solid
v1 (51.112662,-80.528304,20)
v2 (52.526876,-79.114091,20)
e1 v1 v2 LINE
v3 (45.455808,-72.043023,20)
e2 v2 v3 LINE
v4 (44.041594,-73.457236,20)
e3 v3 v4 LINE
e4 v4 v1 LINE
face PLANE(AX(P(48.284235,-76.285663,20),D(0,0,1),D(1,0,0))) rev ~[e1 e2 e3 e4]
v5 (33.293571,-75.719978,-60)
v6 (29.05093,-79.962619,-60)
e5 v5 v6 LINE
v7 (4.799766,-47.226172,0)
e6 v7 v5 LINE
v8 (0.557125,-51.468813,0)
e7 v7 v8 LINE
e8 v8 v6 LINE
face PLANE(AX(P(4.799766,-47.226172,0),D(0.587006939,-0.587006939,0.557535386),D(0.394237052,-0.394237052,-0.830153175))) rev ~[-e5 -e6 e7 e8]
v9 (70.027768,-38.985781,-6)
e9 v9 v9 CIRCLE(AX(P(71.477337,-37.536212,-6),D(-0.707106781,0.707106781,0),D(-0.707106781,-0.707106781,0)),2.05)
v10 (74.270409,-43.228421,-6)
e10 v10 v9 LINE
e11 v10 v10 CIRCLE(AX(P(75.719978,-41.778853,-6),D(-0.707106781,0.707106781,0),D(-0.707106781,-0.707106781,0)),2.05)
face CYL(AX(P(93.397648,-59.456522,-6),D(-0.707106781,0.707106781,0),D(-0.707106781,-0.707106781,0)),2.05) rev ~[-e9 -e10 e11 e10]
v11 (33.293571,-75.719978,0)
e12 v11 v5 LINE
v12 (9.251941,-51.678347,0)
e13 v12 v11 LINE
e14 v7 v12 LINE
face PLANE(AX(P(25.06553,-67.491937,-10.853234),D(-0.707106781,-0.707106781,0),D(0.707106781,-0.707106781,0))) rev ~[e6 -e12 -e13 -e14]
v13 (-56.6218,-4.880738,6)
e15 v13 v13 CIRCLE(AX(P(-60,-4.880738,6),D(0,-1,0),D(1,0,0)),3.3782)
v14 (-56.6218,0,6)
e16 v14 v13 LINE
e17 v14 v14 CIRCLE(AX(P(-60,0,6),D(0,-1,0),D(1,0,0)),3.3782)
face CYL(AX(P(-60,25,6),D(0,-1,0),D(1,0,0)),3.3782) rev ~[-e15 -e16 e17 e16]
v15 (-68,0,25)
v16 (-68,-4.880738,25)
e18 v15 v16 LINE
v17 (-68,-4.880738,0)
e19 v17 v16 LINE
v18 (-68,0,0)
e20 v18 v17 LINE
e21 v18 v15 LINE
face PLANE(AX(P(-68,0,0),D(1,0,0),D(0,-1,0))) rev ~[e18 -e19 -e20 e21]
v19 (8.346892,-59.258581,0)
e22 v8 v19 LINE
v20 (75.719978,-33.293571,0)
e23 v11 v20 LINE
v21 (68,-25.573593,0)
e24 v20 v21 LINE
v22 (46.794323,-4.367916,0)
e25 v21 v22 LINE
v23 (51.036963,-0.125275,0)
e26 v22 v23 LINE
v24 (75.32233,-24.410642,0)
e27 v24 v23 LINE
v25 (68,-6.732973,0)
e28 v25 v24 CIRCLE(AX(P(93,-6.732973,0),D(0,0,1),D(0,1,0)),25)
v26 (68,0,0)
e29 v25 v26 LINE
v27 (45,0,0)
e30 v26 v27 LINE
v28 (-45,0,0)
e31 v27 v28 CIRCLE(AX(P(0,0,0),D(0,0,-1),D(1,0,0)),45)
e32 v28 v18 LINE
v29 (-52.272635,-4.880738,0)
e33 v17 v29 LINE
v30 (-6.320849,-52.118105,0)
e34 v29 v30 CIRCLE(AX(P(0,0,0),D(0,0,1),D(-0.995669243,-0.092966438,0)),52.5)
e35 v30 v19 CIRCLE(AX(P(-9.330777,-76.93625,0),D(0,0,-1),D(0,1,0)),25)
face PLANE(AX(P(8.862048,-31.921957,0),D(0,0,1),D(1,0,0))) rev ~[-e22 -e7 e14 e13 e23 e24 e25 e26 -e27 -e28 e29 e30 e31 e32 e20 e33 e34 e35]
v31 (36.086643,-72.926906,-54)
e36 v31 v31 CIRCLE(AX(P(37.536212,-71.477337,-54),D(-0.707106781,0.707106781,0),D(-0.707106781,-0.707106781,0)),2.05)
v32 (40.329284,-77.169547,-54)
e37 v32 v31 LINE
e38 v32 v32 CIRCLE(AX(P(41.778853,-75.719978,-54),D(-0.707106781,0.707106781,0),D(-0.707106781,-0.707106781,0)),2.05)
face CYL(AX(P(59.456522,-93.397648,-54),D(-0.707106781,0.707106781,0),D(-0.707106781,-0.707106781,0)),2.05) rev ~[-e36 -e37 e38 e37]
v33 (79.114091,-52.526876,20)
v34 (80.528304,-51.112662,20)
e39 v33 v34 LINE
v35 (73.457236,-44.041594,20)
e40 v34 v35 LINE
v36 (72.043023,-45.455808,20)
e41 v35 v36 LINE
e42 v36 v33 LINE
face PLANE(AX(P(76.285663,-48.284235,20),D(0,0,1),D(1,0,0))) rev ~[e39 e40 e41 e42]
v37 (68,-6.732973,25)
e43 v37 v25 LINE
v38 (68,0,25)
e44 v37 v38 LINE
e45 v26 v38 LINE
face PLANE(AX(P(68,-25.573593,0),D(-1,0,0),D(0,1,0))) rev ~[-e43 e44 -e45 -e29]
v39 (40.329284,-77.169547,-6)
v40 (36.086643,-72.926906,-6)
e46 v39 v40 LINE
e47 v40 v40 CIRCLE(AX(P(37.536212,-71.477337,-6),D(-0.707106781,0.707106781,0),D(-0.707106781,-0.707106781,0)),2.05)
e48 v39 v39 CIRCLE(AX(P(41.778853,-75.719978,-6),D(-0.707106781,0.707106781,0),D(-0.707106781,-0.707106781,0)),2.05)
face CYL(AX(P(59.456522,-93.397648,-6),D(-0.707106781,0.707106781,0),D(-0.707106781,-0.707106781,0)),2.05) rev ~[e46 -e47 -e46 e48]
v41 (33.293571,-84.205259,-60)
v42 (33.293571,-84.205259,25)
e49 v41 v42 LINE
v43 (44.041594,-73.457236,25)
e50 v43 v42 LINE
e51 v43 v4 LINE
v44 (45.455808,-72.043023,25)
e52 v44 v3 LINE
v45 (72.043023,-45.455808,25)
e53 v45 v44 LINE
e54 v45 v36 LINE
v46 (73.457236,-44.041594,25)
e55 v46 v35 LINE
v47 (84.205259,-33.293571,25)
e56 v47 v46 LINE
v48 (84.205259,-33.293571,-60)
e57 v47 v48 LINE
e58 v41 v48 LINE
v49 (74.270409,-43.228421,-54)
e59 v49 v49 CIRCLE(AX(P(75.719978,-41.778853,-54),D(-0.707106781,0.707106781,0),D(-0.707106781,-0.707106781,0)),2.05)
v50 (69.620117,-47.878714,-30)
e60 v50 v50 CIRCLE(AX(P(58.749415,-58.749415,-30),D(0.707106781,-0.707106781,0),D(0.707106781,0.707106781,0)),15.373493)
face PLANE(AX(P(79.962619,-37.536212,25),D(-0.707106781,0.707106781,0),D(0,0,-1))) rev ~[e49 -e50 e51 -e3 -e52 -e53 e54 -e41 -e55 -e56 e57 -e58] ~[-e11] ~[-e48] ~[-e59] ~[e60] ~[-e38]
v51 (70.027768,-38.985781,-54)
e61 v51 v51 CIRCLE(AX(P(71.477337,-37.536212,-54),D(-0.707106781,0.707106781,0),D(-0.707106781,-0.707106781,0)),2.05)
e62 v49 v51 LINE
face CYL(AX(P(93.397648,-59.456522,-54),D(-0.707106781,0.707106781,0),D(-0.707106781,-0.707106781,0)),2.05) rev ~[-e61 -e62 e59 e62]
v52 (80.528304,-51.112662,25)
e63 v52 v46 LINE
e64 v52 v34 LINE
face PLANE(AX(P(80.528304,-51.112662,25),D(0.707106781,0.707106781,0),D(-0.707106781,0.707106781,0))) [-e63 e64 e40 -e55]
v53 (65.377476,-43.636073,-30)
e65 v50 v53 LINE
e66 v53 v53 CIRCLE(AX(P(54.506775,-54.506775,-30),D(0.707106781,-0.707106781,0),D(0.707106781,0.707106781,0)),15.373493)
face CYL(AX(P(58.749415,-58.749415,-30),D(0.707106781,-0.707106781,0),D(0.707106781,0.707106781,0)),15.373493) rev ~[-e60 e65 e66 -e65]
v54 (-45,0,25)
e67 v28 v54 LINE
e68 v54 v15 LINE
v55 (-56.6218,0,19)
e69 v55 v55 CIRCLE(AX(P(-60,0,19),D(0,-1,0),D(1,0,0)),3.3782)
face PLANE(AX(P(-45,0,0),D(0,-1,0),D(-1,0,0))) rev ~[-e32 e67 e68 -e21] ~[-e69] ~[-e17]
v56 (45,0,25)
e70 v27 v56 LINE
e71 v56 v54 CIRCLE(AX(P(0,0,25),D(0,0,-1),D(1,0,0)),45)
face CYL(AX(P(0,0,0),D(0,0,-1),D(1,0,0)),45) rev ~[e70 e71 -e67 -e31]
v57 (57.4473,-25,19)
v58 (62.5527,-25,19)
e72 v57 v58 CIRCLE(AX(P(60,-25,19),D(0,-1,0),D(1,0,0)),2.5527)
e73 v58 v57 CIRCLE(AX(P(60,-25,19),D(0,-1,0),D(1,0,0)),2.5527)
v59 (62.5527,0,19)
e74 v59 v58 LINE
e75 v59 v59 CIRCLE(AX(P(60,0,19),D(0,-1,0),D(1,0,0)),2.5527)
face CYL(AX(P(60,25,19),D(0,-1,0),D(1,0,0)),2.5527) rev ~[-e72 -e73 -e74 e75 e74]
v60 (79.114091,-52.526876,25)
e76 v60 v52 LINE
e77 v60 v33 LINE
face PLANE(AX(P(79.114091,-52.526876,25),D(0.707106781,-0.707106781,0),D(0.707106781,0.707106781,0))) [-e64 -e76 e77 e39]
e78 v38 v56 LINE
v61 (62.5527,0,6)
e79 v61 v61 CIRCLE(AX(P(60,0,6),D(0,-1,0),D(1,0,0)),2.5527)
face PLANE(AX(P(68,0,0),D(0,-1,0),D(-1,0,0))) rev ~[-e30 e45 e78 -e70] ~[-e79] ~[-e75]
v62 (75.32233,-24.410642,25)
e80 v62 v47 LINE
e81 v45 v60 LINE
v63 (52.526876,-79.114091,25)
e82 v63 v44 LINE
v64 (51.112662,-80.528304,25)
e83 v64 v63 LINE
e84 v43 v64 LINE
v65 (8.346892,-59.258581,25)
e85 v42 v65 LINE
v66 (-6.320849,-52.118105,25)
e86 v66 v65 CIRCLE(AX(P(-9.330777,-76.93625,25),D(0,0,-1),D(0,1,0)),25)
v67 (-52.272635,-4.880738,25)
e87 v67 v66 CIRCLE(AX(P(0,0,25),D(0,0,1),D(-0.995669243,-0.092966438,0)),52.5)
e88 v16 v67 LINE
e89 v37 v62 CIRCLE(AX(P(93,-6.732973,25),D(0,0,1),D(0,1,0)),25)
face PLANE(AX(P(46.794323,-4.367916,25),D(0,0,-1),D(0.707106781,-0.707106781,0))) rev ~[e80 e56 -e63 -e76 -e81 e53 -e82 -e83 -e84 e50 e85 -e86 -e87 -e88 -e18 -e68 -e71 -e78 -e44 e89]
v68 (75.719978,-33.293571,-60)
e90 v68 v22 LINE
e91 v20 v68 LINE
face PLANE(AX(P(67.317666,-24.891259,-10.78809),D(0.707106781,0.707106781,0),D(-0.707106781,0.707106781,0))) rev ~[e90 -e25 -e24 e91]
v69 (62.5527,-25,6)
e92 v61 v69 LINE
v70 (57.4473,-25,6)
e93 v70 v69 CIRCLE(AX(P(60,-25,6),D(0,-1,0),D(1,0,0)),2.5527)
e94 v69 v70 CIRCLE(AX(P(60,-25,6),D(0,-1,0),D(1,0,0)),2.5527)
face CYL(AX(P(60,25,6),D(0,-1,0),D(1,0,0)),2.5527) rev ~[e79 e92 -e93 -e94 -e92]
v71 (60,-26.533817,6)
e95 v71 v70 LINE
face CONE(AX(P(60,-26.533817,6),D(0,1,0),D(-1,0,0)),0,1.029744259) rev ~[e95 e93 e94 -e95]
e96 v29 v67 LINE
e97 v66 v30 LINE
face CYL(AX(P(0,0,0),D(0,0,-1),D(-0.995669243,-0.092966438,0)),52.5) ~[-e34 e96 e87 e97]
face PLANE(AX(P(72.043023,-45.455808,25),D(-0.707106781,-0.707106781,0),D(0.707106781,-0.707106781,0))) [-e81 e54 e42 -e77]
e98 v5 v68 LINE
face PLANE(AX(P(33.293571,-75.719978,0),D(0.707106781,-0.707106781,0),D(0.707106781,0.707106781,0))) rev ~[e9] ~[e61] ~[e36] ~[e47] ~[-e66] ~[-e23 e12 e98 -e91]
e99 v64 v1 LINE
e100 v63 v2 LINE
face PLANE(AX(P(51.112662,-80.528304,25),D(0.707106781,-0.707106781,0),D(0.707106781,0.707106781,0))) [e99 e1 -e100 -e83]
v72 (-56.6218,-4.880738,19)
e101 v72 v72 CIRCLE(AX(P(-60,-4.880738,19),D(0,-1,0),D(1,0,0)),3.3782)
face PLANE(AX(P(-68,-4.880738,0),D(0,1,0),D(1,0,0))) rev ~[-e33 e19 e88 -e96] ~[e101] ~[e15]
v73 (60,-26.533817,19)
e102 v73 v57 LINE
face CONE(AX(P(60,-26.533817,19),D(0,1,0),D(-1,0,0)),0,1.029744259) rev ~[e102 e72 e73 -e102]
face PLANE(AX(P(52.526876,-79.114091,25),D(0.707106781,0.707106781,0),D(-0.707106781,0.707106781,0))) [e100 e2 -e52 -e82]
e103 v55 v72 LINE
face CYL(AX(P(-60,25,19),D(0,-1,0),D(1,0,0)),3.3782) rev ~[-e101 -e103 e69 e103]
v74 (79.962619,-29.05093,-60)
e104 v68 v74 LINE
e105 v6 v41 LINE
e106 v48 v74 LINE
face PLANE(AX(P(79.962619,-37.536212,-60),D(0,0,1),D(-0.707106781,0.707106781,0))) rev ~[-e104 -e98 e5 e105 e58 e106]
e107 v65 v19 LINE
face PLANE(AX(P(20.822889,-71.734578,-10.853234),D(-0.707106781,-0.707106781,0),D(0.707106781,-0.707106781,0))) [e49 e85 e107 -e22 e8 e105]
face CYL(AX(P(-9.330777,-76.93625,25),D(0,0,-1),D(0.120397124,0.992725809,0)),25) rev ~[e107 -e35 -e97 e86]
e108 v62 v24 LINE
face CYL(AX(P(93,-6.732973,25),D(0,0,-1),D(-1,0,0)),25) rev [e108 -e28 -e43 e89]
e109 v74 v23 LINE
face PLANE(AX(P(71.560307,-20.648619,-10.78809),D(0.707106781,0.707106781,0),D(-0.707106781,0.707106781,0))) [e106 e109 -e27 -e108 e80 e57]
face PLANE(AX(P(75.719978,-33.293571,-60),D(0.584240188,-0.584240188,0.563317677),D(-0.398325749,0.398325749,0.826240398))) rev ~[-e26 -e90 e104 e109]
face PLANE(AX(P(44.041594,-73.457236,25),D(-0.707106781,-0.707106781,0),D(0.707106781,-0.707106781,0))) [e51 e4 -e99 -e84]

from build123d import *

# Parameters (mm, degrees)
F1_DEPTH  = 25
F3_DEPTH  = 60
F4_R      = 15.3734931233
F5_DEPTH  = 131.1684809697
F8_DEPTH  = 6
F10_DEPTH = 6
F11_R     = 25
F12_R     = 25
F14_D     = 5.1054
F14_DEPTH = 25
F14_TIP   = 1.5338169022
F15_D     = 6.7564
F15_DEPTH = 25
F15_TIP   = 2.0298273432
F16_D     = 4.1
F16_DEPTH = 25
F16_TIP   = 1.231764269
F18_DEPTH = 5


with BuildPart() as f1:
    # F0 (on Top) → F1 (new body)
    with BuildSketch(Plane.XY):
        with BuildLine():
            ThreePointArc((45, 0), (0, -45), (-45, 0))
            Line((-45, 0), (-68, 0))
            Line((-68, 0), (-68, -4.880737979))
            Line((-68, -4.880737979), (-52.2726352577, -4.880737979))
            ThreePointArc((-52.2726352577, -4.880737979), (-31.783629524, -41.7857738265), (9.2519405818, -51.678347453))
            Line((9.2519405818, -51.678347453), (37.5362118293, -79.9626187004))
            Line((37.5362118293, -79.9626187004), (79.9626187004, -37.5362118293))
            Line((79.9626187004, -37.5362118293), (68, -25.5735931288))
            Line((68, -25.5735931288), (68, 0))
            Line((68, 0), (45, 0))
        make_face()
    extrude(amount=F1_DEPTH)

    # F2 (on face) → F3 (join)
    with BuildSketch(Plane(origin=(0, 0, 0), x_dir=(1, 0, 0), z_dir=(0, 0, -1))):
        Polygon((79.9626187004, 37.5362118293), (37.5362118293, 79.9626187004), (33.2935711421, 75.7199780133), (75.7199780133, 33.2935711421), align=None)
    extrude(amount=F3_DEPTH)

    # F4 (on face) → F5 (cut, through all)
    with BuildSketch(Plane(origin=(58.7494152648, -58.7494152648, 0), x_dir=(0.7071067812, 0.7071067812, 0), z_dir=(0.7071067812, -0.7071067812, 0))):
        with Locations((0, -30)):
            Circle(F4_R)
    extrude(amount=-F5_DEPTH, mode=Mode.SUBTRACT)

    # F7 (on face) → F8 (join)
    with BuildSketch(Plane(origin=(-21.2132034356, -21.2132034356, 0), x_dir=(0.7071067812, -0.7071067812, 0), z_dir=(-0.7071067812, -0.7071067812, 0))):
        Polygon((83.084219849, -60), (83.084219849, 25), (36.7878936231, 25), (36.7878936231, 0), (77.084219849, -60), align=None)
    extrude(amount=F8_DEPTH)

    # F9 (on face) → F10 (join)
    with BuildSketch(Plane(origin=(21.2132034356, 21.2132034356, 0), x_dir=(-0.7071067812, 0.7071067812, 0), z_dir=(0.7071067812, 0.7071067812, 0))):
        Polygon((-83.084219849, 25), (-83.084219849, -60), (-77.084219849, -60), (-36.1771658063, 0), (-36.1771658063, 25), align=None)
    extrude(amount=F10_DEPTH)

    # F11
    f11_edges = [f1.edges().sort_by_distance(p)[0] for p in [
        (1.564981, -52.476669, 12.5),
    ]]
    fillet(f11_edges, radius=F11_R)

    # F12
    f12_edges = [f1.edges().sort_by_distance(p)[0] for p in [
        (68, -17.088312, 12.5),
    ]]
    fillet(f12_edges, radius=F12_R)

    # F14
    with Locations(Plane(origin=(0, 0, 0), x_dir=(-1, 0, 0), z_dir=(0, 1, 0))):
        with Locations((-60, 6), (-60, 19)):
            Hole(F14_D / 2, depth=F14_DEPTH)
            with Locations((0, 0, -(F14_DEPTH + F14_TIP / 2))):  # 118° drill point
                Cone(0, F14_D / 2, F14_TIP, mode=Mode.SUBTRACT)

    # F15
    with Locations(Plane(origin=(0, 0, 0), x_dir=(-1, 0, 0), z_dir=(0, 1, 0))):
        with Locations((60, 6), (60, 19)):
            Hole(F15_D / 2, depth=F15_DEPTH)
            with Locations((0, 0, -(F15_DEPTH + F15_TIP / 2))):  # 118° drill point
                Cone(0, F15_D / 2, F15_TIP, mode=Mode.SUBTRACT)

    # F16
    with Locations(Plane(origin=(58.7494152648, -58.7494152648, 0), x_dir=(0.7071067812, 0.7071067812, 0), z_dir=(0.7071067812, -0.7071067812, 0))):
        with Locations((-24, -6), (24, -6), (24, -54), (-24, -54)):
            Hole(F16_D / 2, depth=F16_DEPTH)
            with Locations((0, 0, -(F16_DEPTH + F16_TIP / 2))):  # 118° drill point
                Cone(0, F16_D / 2, F16_TIP, mode=Mode.SUBTRACT)

    # F17 (on face) → F18 (join)
    with BuildSketch(Plane.XY.offset(25)):
        Polygon((72.0430227512, -45.4558077785), (79.114090563, -52.5268755904), (80.5283041254, -51.112662028), (73.4572363135, -44.0415942162), align=None)
        Polygon((51.112662028, -80.5283041254), (52.5268755904, -79.114090563), (45.4558077785, -72.0430227512), (44.0415942162, -73.4572363135), align=None)
    extrude(amount=-F18_DEPTH)


solid = f1.part
